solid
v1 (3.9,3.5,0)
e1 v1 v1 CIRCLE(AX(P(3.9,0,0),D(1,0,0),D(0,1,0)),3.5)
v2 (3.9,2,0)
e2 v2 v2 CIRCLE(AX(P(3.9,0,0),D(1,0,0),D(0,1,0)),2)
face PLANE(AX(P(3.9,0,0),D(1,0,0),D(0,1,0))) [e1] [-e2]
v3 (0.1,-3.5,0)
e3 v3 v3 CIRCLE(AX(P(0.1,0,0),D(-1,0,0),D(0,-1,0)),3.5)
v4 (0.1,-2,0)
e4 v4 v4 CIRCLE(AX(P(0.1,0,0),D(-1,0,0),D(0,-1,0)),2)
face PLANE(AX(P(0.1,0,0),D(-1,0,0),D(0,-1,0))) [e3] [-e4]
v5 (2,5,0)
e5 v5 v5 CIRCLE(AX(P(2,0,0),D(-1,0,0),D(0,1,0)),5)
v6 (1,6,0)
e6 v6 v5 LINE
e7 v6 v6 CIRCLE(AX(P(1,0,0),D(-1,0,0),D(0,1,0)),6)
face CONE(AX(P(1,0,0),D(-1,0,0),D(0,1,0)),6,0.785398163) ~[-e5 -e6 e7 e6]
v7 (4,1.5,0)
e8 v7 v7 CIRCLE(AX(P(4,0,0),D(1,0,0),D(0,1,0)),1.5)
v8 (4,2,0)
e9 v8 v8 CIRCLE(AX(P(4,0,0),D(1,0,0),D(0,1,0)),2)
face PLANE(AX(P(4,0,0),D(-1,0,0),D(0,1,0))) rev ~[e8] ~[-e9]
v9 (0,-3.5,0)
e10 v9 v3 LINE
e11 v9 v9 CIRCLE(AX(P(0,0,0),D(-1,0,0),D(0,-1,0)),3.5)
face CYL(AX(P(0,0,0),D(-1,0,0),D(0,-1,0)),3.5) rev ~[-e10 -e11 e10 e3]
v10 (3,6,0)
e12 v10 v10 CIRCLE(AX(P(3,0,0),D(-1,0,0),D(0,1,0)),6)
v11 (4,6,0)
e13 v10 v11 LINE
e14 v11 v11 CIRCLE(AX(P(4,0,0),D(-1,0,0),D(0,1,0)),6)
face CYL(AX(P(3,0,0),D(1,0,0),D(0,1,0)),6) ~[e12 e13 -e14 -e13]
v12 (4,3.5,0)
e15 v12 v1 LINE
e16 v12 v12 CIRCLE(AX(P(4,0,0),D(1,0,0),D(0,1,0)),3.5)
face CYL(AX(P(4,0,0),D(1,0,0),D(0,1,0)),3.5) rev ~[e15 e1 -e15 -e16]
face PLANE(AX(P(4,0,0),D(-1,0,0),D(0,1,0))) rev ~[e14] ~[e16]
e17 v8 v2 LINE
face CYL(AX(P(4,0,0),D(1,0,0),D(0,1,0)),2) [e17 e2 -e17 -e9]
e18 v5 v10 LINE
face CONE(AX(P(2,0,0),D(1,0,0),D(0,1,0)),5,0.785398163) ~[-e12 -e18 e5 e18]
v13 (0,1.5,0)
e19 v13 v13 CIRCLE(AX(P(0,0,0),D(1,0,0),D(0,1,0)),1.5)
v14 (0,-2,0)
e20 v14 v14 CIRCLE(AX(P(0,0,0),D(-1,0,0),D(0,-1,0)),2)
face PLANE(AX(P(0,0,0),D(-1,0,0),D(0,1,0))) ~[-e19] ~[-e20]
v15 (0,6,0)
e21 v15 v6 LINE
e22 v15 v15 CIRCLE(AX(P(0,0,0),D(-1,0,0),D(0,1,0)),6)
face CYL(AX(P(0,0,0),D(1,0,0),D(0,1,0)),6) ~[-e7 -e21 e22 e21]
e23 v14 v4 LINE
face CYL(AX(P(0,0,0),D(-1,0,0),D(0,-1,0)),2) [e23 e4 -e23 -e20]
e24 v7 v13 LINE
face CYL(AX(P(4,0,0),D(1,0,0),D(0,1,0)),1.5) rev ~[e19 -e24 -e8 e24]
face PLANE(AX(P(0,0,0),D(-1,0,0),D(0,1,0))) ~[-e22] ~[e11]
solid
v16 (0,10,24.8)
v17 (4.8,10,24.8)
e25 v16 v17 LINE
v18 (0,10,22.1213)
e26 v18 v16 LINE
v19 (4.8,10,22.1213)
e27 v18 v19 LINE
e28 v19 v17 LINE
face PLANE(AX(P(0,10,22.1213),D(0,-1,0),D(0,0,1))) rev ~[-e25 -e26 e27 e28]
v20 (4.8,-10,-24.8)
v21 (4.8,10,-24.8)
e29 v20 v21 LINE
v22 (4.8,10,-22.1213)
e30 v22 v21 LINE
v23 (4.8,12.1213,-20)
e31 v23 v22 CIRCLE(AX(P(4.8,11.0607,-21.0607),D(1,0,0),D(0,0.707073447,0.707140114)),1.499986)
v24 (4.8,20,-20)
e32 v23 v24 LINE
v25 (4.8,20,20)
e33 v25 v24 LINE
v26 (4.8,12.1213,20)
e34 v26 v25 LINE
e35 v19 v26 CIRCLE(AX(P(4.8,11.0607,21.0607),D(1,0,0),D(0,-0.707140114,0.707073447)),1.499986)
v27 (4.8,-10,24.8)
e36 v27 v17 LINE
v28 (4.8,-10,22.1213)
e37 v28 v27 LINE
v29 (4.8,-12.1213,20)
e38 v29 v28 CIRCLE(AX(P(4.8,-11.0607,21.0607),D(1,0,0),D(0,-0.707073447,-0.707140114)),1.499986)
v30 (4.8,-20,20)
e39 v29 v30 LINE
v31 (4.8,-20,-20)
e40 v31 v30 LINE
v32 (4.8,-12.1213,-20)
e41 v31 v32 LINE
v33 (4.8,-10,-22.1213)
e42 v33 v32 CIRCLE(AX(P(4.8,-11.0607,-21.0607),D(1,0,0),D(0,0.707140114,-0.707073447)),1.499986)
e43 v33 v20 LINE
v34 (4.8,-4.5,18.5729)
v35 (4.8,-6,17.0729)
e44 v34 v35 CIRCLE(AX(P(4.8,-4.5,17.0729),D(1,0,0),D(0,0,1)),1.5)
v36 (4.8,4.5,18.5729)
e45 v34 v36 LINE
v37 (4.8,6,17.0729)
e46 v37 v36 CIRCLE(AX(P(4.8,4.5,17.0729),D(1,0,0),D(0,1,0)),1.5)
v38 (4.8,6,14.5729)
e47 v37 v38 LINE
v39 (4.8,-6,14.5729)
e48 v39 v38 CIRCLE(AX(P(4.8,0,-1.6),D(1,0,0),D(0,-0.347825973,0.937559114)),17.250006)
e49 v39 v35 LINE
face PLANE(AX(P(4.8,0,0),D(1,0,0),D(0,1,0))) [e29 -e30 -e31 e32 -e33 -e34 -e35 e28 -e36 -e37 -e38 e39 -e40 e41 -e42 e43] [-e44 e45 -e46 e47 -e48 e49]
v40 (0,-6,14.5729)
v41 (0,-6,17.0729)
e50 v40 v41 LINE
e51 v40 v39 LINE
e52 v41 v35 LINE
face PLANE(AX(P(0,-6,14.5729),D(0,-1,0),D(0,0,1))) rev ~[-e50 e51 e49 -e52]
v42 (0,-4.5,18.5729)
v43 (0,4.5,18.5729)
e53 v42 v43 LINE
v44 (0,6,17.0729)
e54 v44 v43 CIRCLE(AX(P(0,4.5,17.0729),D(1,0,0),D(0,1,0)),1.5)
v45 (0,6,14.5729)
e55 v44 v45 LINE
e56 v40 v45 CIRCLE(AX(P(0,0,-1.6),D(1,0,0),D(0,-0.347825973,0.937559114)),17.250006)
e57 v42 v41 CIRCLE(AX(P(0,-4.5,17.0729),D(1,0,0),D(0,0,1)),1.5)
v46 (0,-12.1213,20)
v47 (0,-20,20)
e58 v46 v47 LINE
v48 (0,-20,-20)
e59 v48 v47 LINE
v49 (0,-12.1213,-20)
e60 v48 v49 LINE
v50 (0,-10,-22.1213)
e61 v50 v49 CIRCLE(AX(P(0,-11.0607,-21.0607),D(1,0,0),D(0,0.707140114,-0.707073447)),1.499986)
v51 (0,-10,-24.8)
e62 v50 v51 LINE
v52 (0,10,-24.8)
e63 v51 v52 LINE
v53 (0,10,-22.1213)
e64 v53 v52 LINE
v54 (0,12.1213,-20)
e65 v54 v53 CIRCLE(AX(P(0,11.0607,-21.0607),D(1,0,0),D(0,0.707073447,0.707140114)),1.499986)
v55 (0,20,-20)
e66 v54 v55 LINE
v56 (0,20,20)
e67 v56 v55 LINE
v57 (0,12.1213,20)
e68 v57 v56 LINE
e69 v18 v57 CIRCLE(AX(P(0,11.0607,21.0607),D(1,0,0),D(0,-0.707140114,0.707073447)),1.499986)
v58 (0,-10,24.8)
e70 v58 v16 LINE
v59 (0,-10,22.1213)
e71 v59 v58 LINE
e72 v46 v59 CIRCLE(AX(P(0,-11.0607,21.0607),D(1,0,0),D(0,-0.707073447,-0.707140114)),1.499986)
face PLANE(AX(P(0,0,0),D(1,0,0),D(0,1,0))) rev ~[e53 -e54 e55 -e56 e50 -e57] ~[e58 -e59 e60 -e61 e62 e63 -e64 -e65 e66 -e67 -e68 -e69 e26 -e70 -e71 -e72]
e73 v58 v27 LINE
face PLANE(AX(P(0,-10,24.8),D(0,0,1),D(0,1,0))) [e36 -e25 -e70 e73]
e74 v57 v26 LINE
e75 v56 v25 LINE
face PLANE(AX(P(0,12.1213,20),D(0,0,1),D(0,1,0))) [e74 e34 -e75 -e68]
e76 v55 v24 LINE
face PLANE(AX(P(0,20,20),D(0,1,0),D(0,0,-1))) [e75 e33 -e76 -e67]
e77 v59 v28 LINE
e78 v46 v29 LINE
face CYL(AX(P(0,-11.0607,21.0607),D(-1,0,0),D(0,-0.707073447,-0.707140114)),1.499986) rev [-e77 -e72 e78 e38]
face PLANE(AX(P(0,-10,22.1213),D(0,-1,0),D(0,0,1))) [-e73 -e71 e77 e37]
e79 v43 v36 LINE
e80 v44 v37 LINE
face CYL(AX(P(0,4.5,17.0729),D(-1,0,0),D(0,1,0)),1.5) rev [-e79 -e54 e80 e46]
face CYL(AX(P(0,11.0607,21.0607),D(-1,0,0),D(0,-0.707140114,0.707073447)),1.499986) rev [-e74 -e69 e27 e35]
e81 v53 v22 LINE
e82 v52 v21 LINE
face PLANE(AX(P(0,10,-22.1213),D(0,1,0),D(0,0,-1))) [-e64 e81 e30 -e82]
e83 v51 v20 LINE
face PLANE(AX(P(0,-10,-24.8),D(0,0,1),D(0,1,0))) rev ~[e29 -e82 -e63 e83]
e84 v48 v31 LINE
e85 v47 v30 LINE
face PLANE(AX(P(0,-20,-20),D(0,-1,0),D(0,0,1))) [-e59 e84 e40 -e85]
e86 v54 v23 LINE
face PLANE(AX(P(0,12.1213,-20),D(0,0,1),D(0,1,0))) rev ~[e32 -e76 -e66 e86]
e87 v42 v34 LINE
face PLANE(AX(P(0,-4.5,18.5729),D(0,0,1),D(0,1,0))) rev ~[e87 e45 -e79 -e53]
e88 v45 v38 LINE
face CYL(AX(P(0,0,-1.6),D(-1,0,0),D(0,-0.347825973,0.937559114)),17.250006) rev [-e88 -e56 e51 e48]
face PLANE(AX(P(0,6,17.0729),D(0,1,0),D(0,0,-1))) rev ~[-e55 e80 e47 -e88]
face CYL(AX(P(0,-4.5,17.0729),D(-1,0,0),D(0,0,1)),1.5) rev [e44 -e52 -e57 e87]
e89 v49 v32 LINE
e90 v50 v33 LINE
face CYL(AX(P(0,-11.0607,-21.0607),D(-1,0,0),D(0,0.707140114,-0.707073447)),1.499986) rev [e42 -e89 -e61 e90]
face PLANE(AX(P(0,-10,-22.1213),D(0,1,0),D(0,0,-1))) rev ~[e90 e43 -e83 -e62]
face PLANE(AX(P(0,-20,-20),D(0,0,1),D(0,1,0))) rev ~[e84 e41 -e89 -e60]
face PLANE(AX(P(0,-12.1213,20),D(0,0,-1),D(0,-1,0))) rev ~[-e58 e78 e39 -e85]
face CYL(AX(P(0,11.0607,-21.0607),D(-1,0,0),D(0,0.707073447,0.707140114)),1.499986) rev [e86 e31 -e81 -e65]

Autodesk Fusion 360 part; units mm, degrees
sketch "Sketch2" plane through (0, 0, 0) normal (0, 0, 1) x (1, 0, 0)
  line L0 (0, 0) -> (0, 6)
  line L1 (4, 6) -> (4, 0)
  line L2 (4, 0) -> (0, 0)
  line L3 (1, 6) -> (2, 5)
  line L4 (2, 5) -> (3, 6)
  line L5 (0, 6) -> (1, 6)
  line L6 (3, 6) -> (4, 6)
  dimension "d12" = 4
  dimension "d13" = 1
  dimension "d14" = 1
  dimension "d15" = 6
revolve "Revolve1" add sketch "Sketch2" angle 360 about axis through (4, 0, 0) along (-1, 0, 0)
sketch "Sketch3" plane through (4, 0, 0) normal (1, 0, 0) x (0, 1, 0)
  circle A0 centre (0, 0) radius 6
  circle A1 centre (0, 0) radius 1.5
  dimension "d18" = 3
extrude "Extrude2" cut sketch "Sketch3" against normal through all contours A1
sketch "Sketch4" plane through (4, 0, 0) normal (1, 0, 0) x (0, 1, 0)
  circle A0 centre (0, 0) radius 1.5
  circle A1 centre (0, 0) radius 6
  circle A2 centre (0, 0) radius 3.5
  circle A3 centre (0, 0) radius 2
  dimension "d20" = 7
  dimension "d21" = 4
extrude "Extrude3" cut sketch "Sketch4" against normal blind 0.1 contours A2
sketch "Sketch5" plane through (0, 0, 0) normal (-1, 0, 0) x (0, -1, 0)
  circle A0 centre (0, 0) radius 1.5
  circle A1 centre (0, 0) radius 6
  circle A2 centre (0, 0) radius 2
  circle A3 centre (0, 0) radius 3.5
  dimension "d24" = 7
  dimension "d25" = 4
extrude "Extrude4" cut sketch "Sketch5" against normal blind 0.1 contours A3

Autodesk Fusion 360 part; units mm, degrees
sketch "Sketch1" plane through (0, 0, 0) normal (1, 0, 0) x (0, 1, 0)
  line L0 (-20, 20) -> (20, 20) construction
  line L1 (20, 20) -> (20, -20)
  line L2 (20, -20) -> (-20, -20) construction
  line L3 (-20, -20) -> (-20, 20)
  line L4 (0, 0) -> (0, 20) construction
  line L5 (0, 0) -> (20, 0) construction
  line L6 (0, 0) -> (0, -1.6) construction
  line L7 (0, 0) -> (0, -8.6) construction
  circle A0 centre (0, -8.6) radius 6
  circle A1 centre (0, -1.6) radius 18.4 construction
  circle A2 centre (0, -1.6) radius 15.5 construction
  line L8 (0, -1.6) -> (15.5, -1.6) construction
  circle A3 centre (15.5, -1.6) radius 1.5
  circle A4 centre (7.75, 11.8234) radius 1.5
  circle A5 centre (-7.75, 11.8234) radius 1.5
  circle A6 centre (-15.5, -1.6) radius 1.5
  circle A7 centre (-7.75, -15.0234) radius 1.5
  circle A8 centre (7.75, -15.0234) radius 1.5
  line L9 (-10, 20) -> (-10, 24.8) construction
  line L10 (-10, 24.8) -> (10, 24.8)
  line L11 (10, 24.8) -> (10, 20) construction
  line L12 (-10, -20) -> (-10, -24.8) construction
  line L13 (-10, -24.8) -> (10, -24.8)
  line L14 (10, -24.8) -> (10, -20) construction
  line L15 (-11.0607, -21.0607) -> (-10, -20) construction
  line L16 (11.0607, -21.0607) -> (10, -20) construction
  line L17 (-11.0607, 21.0607) -> (-10, 20) construction
  line L18 (11.0607, 21.0607) -> (10, 20) construction
  arc A9 (-12.1213, 20) -> (-10, 22.1213) centre (-11.0607, 21.0607) ccw
  arc A10 (-10, 22.1213) -> (-12.1213, 20) centre (-11.0607, 21.0607) ccw construction
  arc A11 (10, 22.1213) -> (12.1213, 20) centre (11.0607, 21.0607) ccw
  arc A12 (12.1213, 20) -> (10, 22.1213) centre (11.0607, 21.0607) ccw construction
  arc A13 (12.1213, -20) -> (10, -22.1213) centre (11.0607, -21.0607) ccw
  arc A14 (10, -22.1213) -> (12.1213, -20) centre (11.0607, -21.0607) ccw construction
  arc A15 (-10, -22.1213) -> (-12.1213, -20) centre (-11.0607, -21.0607) ccw
  arc A16 (-12.1213, -20) -> (-10, -22.1213) centre (-11.0607, -21.0607) ccw construction
  line L19 (-10, 22.1213) -> (-10, 24.8)
  line L20 (-12.1213, 20) -> (-20, 20)
  line L21 (10, 22.1213) -> (10, 24.8)
  line L22 (12.1213, 20) -> (20, 20)
  line L23 (10, -22.1213) -> (10, -24.8)
  line L24 (12.1213, -20) -> (20, -20)
  line L25 (-10, -22.1213) -> (-10, -24.8)
  line L26 (-12.1213, -20) -> (-20, -20)
  dimension "d61" = 40
  dimension "d62" = 40
  dimension "d63" = 1.6
  dimension "d65" = 12
  dimension "d66" = 36.8
  dimension "d67" = 31
  dimension "d68" = 3
  dimension "d70" = 360
  dimension "d71" = 4.8
  dimension "d72" = 20
  dimension "d73" = 10
  dimension "d74" = 4.8
  dimension "d75" = 20
  dimension "d76" = 10
  dimension "d77" = 3
  dimension "d78" = 1.5
  dimension "d79" = 45
  dimension "d80" = 3
  dimension "d81" = 1.5
  dimension "d83" = 45
  dimension "d84" = 3
  dimension "d85" = 3
  dimension "d86" = 1.5
  dimension "d87" = 45
  dimension "d88" = 1.5
  dimension "d89" = 45
  dimension "d90" = 7
extrude "Extrude1" add sketch "Sketch1" along normal blind 4.8

Autodesk Fusion 360 part; units mm, degrees
sketch "Sketch1" plane through (0, 0, 0) normal (1, 0, 0) x (0, 1, 0)
  line L0 (-20, 20) -> (20, 20) construction
  line L1 (20, 20) -> (20, -20)
  line L2 (20, -20) -> (-20, -20) construction
  line L3 (-20, -20) -> (-20, 20)
  line L4 (0, 0) -> (20, 0) construction
  line L5 (0, 0) -> (0, 20) construction
  line L6 (-10, 20) -> (-10, 24.8) construction
  line L7 (-10, 24.8) -> (10, 24.8)
  line L8 (10, 24.8) -> (10, 20) construction
  line L9 (-10, -20) -> (-10, -24.8) construction
  line L10 (-10, -24.8) -> (10, -24.8)
  line L11 (10, -24.8) -> (10, -20) construction
  line L12 (0, 0) -> (0, -1.6) construction
  line L13 (-6, 17.0729) -> (-6, 18.5729) construction
  line L14 (-6, 18.5729) -> (6, 18.5729) construction
  line L15 (6, 18.5729) -> (6, 17.0729) construction
  line L16 (-11.0607, 21.0607) -> (-10, 20) construction
  line L17 (11.0607, 21.0607) -> (10, 20) construction
  line L18 (11.0607, -21.0607) -> (10, -20) construction
  line L19 (-11.0607, -21.0607) -> (-10, -20) construction
  arc A0 (-6, 17.0729) -> (-4.5, 18.5729) centre (-4.5, 17.0729) ccw construction
  arc A1 (-4.5, 18.5729) -> (-6, 17.0729) centre (-4.5, 17.0729) ccw
  arc A2 (4.5, 18.5729) -> (6, 17.0729) centre (4.5, 17.0729) ccw construction
  arc A3 (6, 17.0729) -> (4.5, 18.5729) centre (4.5, 17.0729) ccw
  line L20 (-6, 14.5729) -> (-6, 17.0729)
  line L21 (6, 17.0729) -> (6, 14.5729)
  arc A4 (-6, 14.5729) -> (6, 14.5729) centre (0, -1.6) ccw
  arc A5 (6, 14.5729) -> (0, 15.65) centre (0, -1.6) ccw construction
  arc A6 (0, 15.65) -> (-6, 14.5729) centre (0, -1.6) ccw construction
  line L22 (-4.5, 18.5729) -> (4.5, 18.5729)
  arc A7 (-12.1213, 20) -> (-10, 22.1213) centre (-11.0607, 21.0607) ccw
  arc A8 (-10, 22.1213) -> (-12.1213, 20) centre (-11.0607, 21.0607) ccw construction
  arc A9 (10, 22.1213) -> (12.1213, 20) centre (11.0607, 21.0607) ccw
  arc A10 (12.1213, 20) -> (10, 22.1213) centre (11.0607, 21.0607) ccw construction
  arc A11 (-10, -22.1213) -> (-12.1213, -20) centre (-11.0607, -21.0607) ccw
  arc A12 (-12.1213, -20) -> (-10, -22.1213) centre (-11.0607, -21.0607) ccw construction
  arc A13 (12.1213, -20) -> (10, -22.1213) centre (11.0607, -21.0607) ccw
  arc A14 (10, -22.1213) -> (12.1213, -20) centre (11.0607, -21.0607) ccw construction
  line L23 (-10, 22.1213) -> (-10, 24.8)
  line L24 (10, 22.1213) -> (10, 24.8)
  line L25 (12.1213, 20) -> (20, 20)
  line L26 (-12.1213, 20) -> (-20, 20)
  line L27 (-20, -20) -> (-12.1213, -20)
  line L28 (-10, -22.1213) -> (-10, -24.8)
  line L29 (10, -22.1213) -> (10, -24.8)
  line L30 (12.1213, -20) -> (20, -20)
  point P0 (0, 18.5729)
  dimension "d39" = 40
  dimension "d40" = 40
  dimension "d41" = 4.8
  dimension "d42" = 20
  dimension "d43" = 10
  dimension "d44" = 4.8
  dimension "d45" = 20
  dimension "d46" = 10
  dimension "d47" = 1.6
  dimension "d48" = 34.5
  dimension "d49" = 4
  dimension "d51" = 3
  dimension "d52" = 1.5
  dimension "d53" = 45
  dimension "d54" = 3
  dimension "d55" = 3
  dimension "d56" = 3
  dimension "d57" = 1.5
  dimension "d58" = 45
  dimension "d59" = 3
  dimension "d60" = 1.5
  dimension "d61" = 45
  dimension "d62" = 3
  dimension "d63" = 1.5
  dimension "d64" = 45
  dimension "d65" = 12
extrude "Extrude1" add sketch "Sketch1" along normal blind 4.8
